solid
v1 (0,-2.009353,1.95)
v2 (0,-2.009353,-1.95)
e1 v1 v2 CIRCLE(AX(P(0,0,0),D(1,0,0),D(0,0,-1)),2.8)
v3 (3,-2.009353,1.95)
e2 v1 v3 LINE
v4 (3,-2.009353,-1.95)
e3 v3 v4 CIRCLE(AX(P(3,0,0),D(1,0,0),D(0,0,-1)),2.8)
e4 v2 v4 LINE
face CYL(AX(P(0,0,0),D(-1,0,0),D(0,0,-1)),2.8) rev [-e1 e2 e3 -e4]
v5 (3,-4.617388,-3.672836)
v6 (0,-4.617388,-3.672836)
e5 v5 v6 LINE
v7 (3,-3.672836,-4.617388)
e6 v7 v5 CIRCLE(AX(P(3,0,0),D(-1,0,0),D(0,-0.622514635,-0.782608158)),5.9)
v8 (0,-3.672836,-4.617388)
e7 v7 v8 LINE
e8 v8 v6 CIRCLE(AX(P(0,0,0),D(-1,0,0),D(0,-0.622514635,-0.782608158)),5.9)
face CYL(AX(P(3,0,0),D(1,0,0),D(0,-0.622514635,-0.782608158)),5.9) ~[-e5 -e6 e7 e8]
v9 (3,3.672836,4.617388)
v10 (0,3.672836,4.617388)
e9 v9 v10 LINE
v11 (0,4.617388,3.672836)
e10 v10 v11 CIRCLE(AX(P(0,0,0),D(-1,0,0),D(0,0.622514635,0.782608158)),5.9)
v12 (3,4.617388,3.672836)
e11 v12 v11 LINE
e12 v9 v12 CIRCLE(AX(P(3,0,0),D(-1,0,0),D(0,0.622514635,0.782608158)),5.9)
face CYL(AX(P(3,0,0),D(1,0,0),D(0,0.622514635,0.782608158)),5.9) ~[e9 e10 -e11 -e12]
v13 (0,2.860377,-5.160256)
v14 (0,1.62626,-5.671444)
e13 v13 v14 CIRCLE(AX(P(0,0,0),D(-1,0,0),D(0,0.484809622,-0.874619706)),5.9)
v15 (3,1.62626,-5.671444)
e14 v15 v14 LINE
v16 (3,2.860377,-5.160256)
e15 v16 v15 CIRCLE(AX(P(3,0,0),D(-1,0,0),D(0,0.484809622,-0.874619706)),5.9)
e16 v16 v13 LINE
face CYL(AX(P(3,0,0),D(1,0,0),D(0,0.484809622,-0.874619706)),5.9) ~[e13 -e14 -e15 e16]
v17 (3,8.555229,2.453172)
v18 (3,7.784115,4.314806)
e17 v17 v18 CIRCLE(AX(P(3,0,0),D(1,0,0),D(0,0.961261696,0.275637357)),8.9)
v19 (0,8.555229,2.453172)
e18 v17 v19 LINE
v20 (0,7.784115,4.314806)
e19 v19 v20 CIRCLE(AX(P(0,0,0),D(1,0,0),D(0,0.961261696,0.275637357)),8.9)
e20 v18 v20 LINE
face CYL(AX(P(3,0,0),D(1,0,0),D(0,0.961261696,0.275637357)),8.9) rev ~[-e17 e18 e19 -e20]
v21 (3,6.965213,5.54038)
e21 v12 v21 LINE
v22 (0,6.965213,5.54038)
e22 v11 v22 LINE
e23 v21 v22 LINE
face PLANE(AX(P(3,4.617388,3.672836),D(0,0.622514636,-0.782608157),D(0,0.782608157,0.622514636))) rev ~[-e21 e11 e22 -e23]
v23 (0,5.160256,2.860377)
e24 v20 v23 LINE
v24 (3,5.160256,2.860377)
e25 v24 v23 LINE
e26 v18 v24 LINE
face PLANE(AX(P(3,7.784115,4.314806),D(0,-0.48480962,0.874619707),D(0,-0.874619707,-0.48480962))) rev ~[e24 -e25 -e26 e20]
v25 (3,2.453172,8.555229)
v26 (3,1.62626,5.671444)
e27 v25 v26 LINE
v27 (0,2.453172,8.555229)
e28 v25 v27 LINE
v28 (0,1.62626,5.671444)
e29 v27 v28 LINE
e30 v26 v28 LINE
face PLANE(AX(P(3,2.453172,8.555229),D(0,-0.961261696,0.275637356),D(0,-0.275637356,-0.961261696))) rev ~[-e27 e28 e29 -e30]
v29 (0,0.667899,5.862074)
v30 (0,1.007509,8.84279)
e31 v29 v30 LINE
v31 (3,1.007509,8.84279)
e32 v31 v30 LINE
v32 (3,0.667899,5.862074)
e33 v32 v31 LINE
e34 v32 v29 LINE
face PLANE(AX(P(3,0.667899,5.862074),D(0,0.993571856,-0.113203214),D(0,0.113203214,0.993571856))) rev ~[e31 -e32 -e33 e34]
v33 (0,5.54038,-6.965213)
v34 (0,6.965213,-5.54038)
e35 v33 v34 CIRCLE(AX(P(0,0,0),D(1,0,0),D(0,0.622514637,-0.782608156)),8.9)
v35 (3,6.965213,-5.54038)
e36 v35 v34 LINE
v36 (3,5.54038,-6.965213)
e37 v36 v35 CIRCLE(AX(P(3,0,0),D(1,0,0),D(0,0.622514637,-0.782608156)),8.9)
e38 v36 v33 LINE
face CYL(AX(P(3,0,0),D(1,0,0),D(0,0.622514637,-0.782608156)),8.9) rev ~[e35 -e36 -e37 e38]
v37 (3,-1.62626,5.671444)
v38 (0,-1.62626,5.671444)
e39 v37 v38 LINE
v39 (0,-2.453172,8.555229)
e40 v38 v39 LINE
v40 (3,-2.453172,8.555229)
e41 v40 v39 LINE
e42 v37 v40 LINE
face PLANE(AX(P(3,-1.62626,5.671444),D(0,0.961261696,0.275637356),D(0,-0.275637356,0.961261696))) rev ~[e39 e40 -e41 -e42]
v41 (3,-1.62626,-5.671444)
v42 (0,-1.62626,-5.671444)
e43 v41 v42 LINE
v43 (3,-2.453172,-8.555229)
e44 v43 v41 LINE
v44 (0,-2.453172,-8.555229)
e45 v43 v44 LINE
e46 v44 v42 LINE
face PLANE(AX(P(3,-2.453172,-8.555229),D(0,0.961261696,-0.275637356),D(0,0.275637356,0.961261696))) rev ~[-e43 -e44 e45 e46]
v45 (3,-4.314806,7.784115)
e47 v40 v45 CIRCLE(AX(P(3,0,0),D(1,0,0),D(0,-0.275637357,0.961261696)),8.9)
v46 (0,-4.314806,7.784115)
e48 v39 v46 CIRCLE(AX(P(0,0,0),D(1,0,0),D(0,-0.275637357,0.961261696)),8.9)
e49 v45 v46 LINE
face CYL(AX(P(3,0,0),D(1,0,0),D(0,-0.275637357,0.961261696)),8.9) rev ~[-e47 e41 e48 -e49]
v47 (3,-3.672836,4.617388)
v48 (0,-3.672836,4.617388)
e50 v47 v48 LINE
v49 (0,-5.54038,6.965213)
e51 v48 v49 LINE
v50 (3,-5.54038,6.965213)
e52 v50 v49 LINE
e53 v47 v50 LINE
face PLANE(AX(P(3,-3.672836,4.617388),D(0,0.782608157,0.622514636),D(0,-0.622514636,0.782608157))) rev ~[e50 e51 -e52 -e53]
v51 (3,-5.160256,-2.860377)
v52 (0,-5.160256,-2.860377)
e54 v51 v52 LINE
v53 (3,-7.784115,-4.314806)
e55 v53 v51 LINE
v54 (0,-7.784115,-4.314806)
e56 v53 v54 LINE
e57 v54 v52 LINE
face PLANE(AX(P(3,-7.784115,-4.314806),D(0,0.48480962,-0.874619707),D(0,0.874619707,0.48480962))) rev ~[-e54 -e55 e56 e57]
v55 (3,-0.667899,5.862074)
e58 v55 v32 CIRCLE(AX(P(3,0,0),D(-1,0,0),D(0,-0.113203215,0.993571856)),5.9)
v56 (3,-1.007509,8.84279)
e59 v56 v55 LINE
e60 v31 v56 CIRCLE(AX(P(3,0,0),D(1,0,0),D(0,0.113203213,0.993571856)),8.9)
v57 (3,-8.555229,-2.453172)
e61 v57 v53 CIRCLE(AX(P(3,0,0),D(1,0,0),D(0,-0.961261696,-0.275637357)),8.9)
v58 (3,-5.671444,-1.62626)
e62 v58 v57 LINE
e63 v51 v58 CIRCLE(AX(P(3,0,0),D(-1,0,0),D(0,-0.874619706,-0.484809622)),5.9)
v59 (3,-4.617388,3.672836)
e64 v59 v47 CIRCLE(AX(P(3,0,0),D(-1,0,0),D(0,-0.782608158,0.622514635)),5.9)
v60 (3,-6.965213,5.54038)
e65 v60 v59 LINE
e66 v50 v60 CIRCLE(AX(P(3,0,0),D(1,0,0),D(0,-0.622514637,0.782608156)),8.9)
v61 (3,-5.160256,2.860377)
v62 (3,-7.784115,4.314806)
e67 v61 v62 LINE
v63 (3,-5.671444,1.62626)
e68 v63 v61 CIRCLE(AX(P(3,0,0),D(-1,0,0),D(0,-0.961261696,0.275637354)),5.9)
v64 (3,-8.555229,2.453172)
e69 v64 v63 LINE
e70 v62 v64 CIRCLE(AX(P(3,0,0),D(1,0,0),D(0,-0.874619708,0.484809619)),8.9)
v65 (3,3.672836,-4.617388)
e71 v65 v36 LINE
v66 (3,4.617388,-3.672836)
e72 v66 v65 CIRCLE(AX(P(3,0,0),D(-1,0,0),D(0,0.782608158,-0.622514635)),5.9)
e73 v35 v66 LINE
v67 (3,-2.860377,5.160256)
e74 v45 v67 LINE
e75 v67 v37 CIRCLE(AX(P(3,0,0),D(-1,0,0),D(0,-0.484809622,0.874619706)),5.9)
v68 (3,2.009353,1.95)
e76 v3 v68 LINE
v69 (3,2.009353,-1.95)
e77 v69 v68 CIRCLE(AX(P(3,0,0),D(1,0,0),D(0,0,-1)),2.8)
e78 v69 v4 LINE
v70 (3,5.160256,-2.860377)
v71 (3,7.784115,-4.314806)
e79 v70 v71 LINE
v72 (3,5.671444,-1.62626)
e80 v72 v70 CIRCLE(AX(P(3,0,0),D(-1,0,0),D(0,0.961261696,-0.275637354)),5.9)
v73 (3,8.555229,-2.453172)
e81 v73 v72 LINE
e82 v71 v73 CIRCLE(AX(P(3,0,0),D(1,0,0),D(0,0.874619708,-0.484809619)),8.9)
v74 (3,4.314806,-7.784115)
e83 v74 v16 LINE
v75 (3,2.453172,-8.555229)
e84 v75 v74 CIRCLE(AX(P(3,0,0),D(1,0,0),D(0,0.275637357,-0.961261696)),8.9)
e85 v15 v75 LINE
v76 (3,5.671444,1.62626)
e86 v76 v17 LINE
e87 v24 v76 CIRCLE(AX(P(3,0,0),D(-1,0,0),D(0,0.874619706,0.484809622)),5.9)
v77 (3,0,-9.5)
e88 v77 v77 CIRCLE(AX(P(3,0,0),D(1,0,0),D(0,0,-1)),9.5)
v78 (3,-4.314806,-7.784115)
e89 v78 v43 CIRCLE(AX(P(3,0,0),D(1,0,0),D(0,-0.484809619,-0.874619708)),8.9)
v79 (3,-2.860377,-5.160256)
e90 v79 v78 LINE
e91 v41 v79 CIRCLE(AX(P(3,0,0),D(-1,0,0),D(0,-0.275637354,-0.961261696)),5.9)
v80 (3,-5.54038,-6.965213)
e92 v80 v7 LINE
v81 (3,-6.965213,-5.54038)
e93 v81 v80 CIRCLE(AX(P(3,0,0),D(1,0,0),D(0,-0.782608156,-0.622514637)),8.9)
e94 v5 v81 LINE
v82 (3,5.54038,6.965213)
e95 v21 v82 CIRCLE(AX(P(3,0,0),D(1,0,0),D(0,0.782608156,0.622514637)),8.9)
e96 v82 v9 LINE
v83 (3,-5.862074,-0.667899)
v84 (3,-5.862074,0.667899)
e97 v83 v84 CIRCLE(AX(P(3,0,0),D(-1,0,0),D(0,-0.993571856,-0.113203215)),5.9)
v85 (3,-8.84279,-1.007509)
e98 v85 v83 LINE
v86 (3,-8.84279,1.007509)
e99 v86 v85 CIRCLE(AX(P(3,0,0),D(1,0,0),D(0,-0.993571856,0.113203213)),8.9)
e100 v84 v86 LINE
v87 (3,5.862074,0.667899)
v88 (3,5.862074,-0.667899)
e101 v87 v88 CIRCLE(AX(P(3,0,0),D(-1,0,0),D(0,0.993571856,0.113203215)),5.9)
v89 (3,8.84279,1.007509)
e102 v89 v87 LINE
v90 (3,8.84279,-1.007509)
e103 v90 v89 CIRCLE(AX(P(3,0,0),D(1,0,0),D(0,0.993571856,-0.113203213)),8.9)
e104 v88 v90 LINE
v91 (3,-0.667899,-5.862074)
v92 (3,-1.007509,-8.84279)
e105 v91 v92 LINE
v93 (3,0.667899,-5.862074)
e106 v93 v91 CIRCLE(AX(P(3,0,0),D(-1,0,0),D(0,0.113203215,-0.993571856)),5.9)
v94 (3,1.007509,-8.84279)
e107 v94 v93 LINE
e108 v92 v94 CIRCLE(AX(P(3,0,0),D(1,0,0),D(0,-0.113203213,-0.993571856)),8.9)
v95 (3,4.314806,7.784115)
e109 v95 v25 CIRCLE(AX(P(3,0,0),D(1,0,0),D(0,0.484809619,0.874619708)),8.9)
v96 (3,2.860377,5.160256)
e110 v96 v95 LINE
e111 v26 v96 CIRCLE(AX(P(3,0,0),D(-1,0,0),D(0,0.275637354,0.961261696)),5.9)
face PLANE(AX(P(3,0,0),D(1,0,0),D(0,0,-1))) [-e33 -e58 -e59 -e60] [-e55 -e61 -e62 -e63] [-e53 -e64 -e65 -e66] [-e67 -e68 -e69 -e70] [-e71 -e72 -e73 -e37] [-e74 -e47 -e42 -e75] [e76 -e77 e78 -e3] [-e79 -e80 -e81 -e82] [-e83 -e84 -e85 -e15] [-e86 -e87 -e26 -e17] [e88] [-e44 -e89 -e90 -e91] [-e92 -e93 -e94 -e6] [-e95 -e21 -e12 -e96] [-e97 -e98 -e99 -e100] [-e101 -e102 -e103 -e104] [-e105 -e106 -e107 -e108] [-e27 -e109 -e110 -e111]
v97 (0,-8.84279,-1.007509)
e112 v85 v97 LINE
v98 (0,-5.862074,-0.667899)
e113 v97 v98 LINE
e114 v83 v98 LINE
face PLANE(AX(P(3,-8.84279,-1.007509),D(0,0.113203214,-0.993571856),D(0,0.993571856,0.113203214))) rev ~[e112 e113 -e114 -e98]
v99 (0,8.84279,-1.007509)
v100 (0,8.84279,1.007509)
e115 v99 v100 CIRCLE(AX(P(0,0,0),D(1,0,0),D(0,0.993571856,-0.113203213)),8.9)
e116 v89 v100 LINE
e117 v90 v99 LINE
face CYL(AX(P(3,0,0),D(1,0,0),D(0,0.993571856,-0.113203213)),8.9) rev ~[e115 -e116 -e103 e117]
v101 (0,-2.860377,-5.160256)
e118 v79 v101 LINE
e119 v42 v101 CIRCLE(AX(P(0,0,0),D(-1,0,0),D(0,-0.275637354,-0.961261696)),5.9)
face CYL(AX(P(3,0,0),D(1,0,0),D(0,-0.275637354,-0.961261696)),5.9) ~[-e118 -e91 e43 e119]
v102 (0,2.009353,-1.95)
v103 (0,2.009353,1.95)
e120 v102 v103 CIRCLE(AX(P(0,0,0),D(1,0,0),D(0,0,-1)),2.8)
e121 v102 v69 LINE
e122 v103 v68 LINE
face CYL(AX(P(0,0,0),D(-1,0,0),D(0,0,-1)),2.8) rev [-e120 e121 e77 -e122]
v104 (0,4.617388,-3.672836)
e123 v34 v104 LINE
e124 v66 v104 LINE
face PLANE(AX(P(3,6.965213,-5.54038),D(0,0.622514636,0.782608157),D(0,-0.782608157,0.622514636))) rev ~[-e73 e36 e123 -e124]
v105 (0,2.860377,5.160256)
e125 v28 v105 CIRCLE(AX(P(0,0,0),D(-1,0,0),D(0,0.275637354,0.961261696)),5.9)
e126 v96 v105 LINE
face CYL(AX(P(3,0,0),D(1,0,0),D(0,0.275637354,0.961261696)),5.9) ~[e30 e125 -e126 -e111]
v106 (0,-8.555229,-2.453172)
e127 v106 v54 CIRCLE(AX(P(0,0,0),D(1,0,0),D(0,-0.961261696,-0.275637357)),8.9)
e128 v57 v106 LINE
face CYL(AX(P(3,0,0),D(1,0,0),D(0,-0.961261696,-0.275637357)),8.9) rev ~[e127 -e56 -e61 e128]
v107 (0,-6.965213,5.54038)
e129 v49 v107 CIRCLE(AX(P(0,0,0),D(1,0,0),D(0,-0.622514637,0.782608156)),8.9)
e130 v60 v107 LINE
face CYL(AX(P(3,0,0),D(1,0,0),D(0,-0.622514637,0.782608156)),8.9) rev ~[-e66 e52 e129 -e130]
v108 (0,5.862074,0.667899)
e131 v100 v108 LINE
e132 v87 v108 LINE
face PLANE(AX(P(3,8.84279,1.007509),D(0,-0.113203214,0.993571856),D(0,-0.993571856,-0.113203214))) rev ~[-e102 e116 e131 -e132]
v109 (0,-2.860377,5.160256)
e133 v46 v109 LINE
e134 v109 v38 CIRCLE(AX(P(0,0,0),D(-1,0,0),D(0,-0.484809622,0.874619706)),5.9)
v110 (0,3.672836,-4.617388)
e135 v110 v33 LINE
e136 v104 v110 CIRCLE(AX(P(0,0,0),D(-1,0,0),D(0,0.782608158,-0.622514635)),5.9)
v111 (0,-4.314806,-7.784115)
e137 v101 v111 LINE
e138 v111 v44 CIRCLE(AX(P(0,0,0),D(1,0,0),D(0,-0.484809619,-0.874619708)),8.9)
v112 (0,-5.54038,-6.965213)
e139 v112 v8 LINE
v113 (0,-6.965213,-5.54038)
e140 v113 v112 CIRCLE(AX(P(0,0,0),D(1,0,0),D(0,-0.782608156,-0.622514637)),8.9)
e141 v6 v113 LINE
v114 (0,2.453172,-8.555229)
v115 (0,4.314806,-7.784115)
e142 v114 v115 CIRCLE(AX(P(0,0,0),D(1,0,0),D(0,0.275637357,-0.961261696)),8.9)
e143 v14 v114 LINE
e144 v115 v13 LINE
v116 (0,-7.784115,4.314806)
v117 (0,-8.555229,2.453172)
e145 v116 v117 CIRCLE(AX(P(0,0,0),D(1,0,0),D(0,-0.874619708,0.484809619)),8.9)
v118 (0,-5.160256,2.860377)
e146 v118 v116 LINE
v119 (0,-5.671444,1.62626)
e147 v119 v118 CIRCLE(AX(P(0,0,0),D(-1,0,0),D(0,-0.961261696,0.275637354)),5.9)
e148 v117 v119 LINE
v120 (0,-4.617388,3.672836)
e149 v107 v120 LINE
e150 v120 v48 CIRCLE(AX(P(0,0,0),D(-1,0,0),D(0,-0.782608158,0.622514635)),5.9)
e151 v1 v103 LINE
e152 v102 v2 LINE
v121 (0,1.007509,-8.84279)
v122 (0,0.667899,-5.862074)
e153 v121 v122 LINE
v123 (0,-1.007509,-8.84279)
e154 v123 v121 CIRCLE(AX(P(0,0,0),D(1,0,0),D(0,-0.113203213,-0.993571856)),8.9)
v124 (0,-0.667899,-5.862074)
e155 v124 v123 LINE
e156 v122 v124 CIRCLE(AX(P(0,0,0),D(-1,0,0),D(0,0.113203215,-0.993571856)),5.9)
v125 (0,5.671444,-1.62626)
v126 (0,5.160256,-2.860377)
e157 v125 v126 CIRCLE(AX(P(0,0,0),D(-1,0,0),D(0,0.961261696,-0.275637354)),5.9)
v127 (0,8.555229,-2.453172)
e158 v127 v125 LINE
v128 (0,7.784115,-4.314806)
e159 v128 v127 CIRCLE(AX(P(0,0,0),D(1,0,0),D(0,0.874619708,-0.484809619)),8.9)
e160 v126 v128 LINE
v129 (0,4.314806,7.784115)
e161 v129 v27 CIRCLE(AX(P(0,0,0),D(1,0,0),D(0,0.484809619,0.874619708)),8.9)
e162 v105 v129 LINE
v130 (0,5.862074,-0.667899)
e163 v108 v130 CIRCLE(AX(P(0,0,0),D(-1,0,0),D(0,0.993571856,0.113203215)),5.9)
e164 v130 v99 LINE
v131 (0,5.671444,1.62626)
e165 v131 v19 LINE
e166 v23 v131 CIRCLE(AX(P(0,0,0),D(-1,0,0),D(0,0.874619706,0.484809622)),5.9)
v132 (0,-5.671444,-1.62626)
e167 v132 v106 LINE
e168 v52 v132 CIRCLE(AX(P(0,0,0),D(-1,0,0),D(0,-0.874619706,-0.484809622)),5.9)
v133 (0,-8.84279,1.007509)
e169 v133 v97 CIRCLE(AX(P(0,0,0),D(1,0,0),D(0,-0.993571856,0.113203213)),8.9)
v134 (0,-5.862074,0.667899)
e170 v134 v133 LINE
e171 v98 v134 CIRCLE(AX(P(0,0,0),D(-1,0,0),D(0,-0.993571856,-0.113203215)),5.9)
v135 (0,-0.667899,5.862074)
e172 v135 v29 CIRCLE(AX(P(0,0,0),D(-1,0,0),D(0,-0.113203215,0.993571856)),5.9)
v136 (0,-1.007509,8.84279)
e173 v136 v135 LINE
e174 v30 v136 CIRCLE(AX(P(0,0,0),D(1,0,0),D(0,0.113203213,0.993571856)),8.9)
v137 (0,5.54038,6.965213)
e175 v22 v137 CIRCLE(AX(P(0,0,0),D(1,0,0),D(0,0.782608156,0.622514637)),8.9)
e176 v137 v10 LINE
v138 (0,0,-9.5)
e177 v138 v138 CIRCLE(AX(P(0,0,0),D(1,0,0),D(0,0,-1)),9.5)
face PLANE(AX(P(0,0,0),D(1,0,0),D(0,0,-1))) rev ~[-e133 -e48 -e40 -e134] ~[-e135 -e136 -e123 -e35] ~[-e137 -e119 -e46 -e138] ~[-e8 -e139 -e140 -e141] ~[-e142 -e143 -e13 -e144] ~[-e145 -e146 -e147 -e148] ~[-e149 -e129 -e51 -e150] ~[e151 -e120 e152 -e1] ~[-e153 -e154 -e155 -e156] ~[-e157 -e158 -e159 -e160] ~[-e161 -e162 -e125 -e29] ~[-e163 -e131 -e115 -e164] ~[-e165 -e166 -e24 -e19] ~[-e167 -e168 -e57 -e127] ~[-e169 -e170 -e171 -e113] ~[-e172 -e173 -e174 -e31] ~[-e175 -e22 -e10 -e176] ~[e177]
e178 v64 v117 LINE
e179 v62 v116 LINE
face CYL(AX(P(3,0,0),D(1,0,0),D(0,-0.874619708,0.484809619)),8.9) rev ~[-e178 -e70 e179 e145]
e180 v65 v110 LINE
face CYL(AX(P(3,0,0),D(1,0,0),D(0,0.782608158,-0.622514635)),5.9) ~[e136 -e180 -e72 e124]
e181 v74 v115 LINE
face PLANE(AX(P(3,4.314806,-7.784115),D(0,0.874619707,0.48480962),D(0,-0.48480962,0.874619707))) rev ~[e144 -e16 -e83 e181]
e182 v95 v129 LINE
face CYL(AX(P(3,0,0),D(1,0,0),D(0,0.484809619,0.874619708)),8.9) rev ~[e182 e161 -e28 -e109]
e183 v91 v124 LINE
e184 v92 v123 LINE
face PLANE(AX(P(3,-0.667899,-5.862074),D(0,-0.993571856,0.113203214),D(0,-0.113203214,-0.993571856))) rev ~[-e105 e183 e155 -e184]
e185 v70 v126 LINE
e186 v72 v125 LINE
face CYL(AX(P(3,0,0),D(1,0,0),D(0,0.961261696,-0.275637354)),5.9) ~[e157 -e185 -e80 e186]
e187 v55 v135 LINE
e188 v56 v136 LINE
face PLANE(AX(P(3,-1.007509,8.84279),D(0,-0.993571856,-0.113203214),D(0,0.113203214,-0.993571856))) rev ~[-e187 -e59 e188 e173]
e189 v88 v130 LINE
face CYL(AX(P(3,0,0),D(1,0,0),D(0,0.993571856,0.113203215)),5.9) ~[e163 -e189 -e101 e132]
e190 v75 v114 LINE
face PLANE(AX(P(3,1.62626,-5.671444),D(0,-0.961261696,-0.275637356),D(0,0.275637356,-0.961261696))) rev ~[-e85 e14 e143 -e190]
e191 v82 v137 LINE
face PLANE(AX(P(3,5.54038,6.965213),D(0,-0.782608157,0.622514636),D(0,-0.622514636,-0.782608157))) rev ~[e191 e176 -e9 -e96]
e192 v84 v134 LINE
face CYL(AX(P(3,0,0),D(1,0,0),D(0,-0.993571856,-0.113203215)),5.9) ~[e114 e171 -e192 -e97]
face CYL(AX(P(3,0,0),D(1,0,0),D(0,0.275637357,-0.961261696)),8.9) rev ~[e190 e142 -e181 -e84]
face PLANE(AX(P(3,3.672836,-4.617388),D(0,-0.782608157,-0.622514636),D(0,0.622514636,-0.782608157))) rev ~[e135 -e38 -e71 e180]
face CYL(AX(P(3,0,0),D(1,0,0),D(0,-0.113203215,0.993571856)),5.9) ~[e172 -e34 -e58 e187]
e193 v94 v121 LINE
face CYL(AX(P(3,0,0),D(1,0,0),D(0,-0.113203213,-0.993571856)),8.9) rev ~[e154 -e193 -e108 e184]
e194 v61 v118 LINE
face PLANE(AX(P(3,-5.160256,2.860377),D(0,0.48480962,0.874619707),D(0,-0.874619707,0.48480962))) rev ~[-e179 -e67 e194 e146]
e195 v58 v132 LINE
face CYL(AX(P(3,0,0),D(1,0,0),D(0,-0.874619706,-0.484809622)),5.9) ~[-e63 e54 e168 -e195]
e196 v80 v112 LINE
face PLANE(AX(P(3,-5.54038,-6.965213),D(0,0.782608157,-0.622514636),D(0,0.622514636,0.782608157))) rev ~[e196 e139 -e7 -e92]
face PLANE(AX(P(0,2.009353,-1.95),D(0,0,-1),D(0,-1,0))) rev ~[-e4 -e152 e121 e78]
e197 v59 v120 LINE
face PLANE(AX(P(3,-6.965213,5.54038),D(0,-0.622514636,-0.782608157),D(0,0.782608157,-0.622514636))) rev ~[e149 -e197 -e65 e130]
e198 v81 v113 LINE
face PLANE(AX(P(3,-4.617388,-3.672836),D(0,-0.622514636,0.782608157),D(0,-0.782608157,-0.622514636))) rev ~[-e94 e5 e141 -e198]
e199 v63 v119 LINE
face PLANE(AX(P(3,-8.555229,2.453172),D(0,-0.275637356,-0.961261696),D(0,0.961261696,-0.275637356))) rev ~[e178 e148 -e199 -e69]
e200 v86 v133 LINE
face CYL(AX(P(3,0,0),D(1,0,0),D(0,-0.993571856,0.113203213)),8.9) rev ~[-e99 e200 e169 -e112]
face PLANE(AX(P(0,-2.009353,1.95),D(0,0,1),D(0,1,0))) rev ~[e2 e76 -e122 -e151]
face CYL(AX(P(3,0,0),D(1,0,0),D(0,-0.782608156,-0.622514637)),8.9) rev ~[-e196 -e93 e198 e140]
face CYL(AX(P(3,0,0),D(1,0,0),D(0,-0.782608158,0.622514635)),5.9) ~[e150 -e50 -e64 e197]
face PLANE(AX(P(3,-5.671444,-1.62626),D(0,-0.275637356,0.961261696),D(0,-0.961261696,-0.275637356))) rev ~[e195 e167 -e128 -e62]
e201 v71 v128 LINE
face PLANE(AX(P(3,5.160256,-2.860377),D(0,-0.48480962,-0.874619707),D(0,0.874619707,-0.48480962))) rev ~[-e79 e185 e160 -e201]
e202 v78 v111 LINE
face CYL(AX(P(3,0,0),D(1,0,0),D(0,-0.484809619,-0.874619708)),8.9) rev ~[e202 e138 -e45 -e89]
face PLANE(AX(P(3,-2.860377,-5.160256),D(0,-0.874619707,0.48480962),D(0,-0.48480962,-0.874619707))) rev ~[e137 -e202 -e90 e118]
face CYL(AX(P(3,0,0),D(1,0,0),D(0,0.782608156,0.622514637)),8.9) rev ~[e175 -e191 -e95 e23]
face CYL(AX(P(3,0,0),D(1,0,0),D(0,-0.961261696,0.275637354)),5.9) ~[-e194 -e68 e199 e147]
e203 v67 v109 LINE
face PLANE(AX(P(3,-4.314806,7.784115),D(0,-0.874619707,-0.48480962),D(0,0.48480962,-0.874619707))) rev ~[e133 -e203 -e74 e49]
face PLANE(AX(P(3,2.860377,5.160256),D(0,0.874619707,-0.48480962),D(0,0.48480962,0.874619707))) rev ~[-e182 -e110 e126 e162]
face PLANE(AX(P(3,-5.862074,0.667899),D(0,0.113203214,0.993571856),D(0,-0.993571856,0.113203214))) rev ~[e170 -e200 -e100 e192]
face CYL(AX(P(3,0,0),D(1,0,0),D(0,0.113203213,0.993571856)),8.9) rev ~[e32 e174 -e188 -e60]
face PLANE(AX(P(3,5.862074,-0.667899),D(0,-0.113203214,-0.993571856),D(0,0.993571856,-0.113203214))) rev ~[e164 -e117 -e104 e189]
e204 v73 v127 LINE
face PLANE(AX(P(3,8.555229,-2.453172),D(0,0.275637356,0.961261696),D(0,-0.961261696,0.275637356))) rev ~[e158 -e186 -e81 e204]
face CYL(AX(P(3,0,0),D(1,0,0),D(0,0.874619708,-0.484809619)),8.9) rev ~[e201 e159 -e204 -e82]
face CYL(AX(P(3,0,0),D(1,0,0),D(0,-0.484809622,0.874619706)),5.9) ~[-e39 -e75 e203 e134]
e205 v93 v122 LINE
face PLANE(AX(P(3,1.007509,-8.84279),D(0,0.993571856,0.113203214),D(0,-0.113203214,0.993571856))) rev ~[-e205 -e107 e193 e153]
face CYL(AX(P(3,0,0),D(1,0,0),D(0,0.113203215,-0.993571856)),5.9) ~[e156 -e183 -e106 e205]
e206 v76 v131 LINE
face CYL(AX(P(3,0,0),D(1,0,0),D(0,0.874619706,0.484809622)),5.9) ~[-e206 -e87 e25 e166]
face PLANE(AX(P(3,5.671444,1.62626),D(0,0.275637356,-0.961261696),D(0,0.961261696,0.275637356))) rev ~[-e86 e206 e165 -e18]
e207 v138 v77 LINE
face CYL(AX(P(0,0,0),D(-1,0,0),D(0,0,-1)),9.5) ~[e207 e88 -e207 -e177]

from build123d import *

# Parameters (mm, degrees)
SKETCH1_R           = 9.5
SKETCH1_R_2         = 2.8
BOSS_EXTRUDE1_DEPTH = 3
CUT_EXTRUDE2_DEPTH  = 3
CIRPATTERN1_COUNT   = 16


with BuildPart() as part:
    # Sketch1 → Boss-Extrude1 (new body)
    # profile 1 of 3: a face of its own
    with BuildSketch(Plane(origin=(0, 0, 0), x_dir=(0, 0, -1), z_dir=(1, 0, 0))):
        Circle(SKETCH1_R)
        Circle(SKETCH1_R_2, mode=Mode.SUBTRACT)
    # profile 2 of 3: a face of its own
    with BuildSketch(Plane(origin=(0, 0, 0), x_dir=(0, 0, -1), z_dir=(1, 0, 0))):
        with BuildLine():
            Line((1.95, 2.00935313), (1.95, -2.00935313))
            ThreePointArc((1.95, -2.00935313), (2.578759392, -1.090871211), (2.8, 0))
            ThreePointArc((2.8, 0), (2.578759392, 1.090871211), (1.95, 2.00935313))
        make_face()
    # profile 3 of 3: a face of its own
    with BuildSketch(Plane(origin=(0, 0, 0), x_dir=(0, 0, -1), z_dir=(1, 0, 0))):
        with BuildLine():
            ThreePointArc((-1.95, 2.00935313), (-2.8, 0), (-1.95, -2.00935313))
            Line((-1.95, -2.00935313), (-1.95, 2.00935313))
        make_face()
    extrude(amount=BOSS_EXTRUDE1_DEPTH)

    # Sketch3 → Cut-Extrude2 (cut)
    with BuildSketch(Plane(origin=(3, 0, 0), x_dir=(0, 0, -1), z_dir=(1, 0, 0))):
        with BuildLine():
            Line((-1.007508603, 8.842789516), (-0.667898961, 5.862073948))
            ThreePointArc((-0.667898961, 5.862073948), (0, 5.9), (0.667898961, 5.862073948))
            Line((0.667898961, 5.862073948), (1.007508603, 8.842789516))
            ThreePointArc((1.007508603, 8.842789516), (0, 8.9), (-1.007508603, 8.842789516))
        make_face()
    cut_extrude2 = extrude(amount=-CUT_EXTRUDE2_DEPTH, mode=Mode.SUBTRACT)

    # CirPattern1: Cut-Extrude2 ×16 about axis
    cirpattern1_axis = Axis((0, 0, 0), (1, 0, 0))
    for i in range(1, CIRPATTERN1_COUNT):
        add(cut_extrude2.rotate(cirpattern1_axis, i * 360 / CIRPATTERN1_COUNT), mode=Mode.SUBTRACT)


solid = part.part
